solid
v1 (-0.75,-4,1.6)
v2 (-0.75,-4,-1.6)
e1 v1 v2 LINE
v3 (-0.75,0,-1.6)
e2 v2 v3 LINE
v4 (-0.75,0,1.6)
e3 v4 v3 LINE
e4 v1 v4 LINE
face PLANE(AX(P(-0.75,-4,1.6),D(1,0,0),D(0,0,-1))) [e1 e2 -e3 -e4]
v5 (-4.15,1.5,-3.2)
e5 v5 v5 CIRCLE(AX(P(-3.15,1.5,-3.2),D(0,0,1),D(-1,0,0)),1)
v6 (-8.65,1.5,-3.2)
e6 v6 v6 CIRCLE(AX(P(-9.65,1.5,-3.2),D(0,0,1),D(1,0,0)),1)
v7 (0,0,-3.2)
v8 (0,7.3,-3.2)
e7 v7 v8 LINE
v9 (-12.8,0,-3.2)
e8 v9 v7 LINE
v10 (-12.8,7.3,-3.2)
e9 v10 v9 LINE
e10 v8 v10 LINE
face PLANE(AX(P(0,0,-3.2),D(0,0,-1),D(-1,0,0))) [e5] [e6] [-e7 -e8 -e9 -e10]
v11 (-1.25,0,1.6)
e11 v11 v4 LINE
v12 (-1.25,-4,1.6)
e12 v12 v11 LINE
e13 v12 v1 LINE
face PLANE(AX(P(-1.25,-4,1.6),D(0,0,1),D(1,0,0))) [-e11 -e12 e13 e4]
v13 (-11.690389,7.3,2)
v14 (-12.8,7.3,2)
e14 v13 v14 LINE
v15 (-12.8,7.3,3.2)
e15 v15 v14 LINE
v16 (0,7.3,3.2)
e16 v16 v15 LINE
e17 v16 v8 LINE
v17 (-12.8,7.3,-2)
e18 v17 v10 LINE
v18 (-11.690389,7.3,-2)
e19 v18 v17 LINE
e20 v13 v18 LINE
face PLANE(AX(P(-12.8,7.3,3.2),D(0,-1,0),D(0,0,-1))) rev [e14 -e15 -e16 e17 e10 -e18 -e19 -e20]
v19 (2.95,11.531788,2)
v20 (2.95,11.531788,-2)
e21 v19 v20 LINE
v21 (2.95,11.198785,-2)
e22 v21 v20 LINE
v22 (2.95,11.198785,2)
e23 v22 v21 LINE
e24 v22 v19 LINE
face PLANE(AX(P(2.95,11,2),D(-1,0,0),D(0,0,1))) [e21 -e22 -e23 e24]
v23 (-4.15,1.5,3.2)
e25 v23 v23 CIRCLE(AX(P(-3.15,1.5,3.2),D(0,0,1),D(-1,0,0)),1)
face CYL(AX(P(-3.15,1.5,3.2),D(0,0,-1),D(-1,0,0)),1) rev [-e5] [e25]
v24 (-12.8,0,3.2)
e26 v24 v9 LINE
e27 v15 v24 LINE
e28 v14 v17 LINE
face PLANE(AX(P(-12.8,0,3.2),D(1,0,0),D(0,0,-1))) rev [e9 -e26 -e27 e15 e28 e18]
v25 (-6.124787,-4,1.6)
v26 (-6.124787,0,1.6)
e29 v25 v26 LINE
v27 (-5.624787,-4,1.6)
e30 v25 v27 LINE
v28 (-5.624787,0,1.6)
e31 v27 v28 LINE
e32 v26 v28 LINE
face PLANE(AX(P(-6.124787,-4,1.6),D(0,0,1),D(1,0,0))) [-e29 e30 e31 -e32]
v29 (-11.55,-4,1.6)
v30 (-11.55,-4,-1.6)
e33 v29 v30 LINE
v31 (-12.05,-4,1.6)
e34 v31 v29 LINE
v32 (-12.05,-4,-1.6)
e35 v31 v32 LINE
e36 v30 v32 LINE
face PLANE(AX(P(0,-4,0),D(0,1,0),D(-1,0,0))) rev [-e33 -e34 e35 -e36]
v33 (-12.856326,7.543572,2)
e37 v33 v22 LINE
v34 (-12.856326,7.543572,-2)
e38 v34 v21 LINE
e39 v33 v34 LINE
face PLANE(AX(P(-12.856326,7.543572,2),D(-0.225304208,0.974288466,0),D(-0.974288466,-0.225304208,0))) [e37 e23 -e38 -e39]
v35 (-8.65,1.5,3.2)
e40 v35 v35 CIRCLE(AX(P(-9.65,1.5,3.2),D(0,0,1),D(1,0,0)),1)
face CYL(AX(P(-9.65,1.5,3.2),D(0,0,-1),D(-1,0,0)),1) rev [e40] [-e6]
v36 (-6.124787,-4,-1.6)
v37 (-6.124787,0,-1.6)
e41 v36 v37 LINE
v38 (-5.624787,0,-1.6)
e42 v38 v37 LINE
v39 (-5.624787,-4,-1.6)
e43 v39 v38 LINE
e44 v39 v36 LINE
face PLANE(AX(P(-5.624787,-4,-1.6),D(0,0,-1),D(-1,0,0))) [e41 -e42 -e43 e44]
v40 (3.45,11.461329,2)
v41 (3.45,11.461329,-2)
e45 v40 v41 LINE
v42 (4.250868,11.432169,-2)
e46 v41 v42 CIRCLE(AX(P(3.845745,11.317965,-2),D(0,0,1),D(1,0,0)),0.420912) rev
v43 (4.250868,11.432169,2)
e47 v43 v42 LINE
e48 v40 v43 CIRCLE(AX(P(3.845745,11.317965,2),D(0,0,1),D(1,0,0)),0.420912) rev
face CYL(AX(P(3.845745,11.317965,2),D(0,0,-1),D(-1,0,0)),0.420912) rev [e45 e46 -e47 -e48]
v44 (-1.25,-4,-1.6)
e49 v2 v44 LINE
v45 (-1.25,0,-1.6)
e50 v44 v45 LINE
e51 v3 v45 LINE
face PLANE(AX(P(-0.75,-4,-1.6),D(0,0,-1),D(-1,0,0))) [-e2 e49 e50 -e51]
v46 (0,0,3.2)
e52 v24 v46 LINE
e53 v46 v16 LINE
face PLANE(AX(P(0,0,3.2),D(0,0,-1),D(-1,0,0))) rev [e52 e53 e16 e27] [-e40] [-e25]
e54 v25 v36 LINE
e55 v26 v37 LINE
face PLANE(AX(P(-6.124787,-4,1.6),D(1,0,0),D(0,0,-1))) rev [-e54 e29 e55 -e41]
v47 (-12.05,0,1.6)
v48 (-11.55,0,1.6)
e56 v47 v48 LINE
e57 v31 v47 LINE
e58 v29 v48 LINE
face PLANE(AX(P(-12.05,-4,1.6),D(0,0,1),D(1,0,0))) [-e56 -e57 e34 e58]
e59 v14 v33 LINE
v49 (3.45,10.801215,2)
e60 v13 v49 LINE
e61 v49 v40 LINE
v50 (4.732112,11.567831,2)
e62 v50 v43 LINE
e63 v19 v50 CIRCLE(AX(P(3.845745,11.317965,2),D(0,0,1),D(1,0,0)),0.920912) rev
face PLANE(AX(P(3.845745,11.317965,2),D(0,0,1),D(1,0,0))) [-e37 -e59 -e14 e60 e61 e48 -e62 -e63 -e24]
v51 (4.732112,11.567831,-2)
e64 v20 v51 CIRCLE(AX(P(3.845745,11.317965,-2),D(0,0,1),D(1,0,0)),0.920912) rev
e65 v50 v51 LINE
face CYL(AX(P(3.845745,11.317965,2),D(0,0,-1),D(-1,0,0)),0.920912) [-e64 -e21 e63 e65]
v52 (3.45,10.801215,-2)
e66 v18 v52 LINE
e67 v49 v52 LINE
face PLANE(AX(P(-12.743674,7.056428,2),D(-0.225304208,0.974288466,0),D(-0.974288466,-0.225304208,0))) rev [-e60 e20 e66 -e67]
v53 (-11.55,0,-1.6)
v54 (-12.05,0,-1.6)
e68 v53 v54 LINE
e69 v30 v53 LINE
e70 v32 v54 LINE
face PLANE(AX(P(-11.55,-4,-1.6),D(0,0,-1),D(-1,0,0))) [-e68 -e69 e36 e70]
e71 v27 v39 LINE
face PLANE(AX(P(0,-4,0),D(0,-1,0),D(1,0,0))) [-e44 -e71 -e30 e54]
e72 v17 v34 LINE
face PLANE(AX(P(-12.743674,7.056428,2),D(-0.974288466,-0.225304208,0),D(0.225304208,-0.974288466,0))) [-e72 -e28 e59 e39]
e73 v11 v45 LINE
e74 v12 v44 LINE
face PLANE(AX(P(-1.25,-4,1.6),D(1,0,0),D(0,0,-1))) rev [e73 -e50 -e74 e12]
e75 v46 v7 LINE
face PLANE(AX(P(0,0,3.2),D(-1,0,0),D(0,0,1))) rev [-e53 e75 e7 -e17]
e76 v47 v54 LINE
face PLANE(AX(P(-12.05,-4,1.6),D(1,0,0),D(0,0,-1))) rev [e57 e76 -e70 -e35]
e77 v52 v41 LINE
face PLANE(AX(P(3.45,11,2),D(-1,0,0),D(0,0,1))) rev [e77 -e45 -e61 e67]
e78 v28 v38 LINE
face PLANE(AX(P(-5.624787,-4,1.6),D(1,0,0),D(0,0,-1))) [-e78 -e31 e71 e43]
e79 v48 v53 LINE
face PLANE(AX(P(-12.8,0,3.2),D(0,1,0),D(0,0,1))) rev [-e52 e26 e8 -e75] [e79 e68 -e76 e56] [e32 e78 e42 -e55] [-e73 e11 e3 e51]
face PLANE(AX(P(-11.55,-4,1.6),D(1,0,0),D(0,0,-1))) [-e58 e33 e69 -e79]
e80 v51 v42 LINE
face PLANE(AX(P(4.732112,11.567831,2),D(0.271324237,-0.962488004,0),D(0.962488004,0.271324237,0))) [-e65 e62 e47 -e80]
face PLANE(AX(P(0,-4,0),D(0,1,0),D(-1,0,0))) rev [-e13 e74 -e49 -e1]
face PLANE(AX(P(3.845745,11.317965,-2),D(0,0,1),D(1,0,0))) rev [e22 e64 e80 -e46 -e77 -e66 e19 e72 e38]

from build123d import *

# Parameters (mm, degrees)
SKETCH_1_W        = 12.8
SKETCH_1_H        = 7.3
SKETCH_1_R        = 1
EXTRUDE_1_DEPTH   = 3.2
SKETCH_2_W        = 0.5
SKETCH_2_H        = 3.2
EXTRUDE_1_2_DEPTH = 4
EXTRUDE_2_DEPTH   = 2


with BuildPart() as part:
    # Эскиз1 → Extrude 1 (new, symmetric)
    with BuildSketch(Plane.XY):
        with Locations((-6.4, 3.65)):
            Rectangle(SKETCH_1_W, SKETCH_1_H)
        with Locations((-9.65, 1.5)):
            Circle(SKETCH_1_R, mode=Mode.SUBTRACT)
        with Locations(Location((-3.15, 1.5, 0), (0, 0, 180))):
            Circle(SKETCH_1_R, mode=Mode.SUBTRACT)
    extrude(amount=EXTRUDE_1_DEPTH, both=True)

    # Эскиз2 → Extrude 1 2 (add)
    with BuildSketch(Plane.XZ):
        with Locations((-11.8, 0)):
            Rectangle(SKETCH_2_W, SKETCH_2_H)
        with Locations((-5.874787357, 0)):
            Rectangle(SKETCH_2_W, SKETCH_2_H)
        with Locations((-1, 0)):
            Rectangle(SKETCH_2_W, SKETCH_2_H)
    extrude(amount=EXTRUDE_1_2_DEPTH)

    # Эскиз3 → Вытянуть-Тонкостенный2 (add, symmetric)
    with BuildSketch(Plane.XY):
        with BuildLine():
            Line((-12.743673948, 7.056427884), (3.45, 10.801214984))
            Line((3.45, 10.801214984), (3.45, 11.461328502))
            ThreePointArc((3.45, 11.461328502), (3.861060305, 11.738598826), (4.25086812, 11.432168941))
            Line((4.25086812, 11.432168941), (4.732112122, 11.567831059))
            ThreePointArc((4.732112122, 11.567831059), (3.827123632, 12.23868926), (2.95, 11.531788258))
            Line((2.95, 11.531788258), (2.95, 11.198785016))
            Line((2.95, 11.198785016), (-12.856326052, 7.543572116))
            Line((-12.856326052, 7.543572116), (-12.743673948, 7.056427884))
        make_face()
    extrude(amount=EXTRUDE_2_DEPTH, both=True)


solid = part.part
